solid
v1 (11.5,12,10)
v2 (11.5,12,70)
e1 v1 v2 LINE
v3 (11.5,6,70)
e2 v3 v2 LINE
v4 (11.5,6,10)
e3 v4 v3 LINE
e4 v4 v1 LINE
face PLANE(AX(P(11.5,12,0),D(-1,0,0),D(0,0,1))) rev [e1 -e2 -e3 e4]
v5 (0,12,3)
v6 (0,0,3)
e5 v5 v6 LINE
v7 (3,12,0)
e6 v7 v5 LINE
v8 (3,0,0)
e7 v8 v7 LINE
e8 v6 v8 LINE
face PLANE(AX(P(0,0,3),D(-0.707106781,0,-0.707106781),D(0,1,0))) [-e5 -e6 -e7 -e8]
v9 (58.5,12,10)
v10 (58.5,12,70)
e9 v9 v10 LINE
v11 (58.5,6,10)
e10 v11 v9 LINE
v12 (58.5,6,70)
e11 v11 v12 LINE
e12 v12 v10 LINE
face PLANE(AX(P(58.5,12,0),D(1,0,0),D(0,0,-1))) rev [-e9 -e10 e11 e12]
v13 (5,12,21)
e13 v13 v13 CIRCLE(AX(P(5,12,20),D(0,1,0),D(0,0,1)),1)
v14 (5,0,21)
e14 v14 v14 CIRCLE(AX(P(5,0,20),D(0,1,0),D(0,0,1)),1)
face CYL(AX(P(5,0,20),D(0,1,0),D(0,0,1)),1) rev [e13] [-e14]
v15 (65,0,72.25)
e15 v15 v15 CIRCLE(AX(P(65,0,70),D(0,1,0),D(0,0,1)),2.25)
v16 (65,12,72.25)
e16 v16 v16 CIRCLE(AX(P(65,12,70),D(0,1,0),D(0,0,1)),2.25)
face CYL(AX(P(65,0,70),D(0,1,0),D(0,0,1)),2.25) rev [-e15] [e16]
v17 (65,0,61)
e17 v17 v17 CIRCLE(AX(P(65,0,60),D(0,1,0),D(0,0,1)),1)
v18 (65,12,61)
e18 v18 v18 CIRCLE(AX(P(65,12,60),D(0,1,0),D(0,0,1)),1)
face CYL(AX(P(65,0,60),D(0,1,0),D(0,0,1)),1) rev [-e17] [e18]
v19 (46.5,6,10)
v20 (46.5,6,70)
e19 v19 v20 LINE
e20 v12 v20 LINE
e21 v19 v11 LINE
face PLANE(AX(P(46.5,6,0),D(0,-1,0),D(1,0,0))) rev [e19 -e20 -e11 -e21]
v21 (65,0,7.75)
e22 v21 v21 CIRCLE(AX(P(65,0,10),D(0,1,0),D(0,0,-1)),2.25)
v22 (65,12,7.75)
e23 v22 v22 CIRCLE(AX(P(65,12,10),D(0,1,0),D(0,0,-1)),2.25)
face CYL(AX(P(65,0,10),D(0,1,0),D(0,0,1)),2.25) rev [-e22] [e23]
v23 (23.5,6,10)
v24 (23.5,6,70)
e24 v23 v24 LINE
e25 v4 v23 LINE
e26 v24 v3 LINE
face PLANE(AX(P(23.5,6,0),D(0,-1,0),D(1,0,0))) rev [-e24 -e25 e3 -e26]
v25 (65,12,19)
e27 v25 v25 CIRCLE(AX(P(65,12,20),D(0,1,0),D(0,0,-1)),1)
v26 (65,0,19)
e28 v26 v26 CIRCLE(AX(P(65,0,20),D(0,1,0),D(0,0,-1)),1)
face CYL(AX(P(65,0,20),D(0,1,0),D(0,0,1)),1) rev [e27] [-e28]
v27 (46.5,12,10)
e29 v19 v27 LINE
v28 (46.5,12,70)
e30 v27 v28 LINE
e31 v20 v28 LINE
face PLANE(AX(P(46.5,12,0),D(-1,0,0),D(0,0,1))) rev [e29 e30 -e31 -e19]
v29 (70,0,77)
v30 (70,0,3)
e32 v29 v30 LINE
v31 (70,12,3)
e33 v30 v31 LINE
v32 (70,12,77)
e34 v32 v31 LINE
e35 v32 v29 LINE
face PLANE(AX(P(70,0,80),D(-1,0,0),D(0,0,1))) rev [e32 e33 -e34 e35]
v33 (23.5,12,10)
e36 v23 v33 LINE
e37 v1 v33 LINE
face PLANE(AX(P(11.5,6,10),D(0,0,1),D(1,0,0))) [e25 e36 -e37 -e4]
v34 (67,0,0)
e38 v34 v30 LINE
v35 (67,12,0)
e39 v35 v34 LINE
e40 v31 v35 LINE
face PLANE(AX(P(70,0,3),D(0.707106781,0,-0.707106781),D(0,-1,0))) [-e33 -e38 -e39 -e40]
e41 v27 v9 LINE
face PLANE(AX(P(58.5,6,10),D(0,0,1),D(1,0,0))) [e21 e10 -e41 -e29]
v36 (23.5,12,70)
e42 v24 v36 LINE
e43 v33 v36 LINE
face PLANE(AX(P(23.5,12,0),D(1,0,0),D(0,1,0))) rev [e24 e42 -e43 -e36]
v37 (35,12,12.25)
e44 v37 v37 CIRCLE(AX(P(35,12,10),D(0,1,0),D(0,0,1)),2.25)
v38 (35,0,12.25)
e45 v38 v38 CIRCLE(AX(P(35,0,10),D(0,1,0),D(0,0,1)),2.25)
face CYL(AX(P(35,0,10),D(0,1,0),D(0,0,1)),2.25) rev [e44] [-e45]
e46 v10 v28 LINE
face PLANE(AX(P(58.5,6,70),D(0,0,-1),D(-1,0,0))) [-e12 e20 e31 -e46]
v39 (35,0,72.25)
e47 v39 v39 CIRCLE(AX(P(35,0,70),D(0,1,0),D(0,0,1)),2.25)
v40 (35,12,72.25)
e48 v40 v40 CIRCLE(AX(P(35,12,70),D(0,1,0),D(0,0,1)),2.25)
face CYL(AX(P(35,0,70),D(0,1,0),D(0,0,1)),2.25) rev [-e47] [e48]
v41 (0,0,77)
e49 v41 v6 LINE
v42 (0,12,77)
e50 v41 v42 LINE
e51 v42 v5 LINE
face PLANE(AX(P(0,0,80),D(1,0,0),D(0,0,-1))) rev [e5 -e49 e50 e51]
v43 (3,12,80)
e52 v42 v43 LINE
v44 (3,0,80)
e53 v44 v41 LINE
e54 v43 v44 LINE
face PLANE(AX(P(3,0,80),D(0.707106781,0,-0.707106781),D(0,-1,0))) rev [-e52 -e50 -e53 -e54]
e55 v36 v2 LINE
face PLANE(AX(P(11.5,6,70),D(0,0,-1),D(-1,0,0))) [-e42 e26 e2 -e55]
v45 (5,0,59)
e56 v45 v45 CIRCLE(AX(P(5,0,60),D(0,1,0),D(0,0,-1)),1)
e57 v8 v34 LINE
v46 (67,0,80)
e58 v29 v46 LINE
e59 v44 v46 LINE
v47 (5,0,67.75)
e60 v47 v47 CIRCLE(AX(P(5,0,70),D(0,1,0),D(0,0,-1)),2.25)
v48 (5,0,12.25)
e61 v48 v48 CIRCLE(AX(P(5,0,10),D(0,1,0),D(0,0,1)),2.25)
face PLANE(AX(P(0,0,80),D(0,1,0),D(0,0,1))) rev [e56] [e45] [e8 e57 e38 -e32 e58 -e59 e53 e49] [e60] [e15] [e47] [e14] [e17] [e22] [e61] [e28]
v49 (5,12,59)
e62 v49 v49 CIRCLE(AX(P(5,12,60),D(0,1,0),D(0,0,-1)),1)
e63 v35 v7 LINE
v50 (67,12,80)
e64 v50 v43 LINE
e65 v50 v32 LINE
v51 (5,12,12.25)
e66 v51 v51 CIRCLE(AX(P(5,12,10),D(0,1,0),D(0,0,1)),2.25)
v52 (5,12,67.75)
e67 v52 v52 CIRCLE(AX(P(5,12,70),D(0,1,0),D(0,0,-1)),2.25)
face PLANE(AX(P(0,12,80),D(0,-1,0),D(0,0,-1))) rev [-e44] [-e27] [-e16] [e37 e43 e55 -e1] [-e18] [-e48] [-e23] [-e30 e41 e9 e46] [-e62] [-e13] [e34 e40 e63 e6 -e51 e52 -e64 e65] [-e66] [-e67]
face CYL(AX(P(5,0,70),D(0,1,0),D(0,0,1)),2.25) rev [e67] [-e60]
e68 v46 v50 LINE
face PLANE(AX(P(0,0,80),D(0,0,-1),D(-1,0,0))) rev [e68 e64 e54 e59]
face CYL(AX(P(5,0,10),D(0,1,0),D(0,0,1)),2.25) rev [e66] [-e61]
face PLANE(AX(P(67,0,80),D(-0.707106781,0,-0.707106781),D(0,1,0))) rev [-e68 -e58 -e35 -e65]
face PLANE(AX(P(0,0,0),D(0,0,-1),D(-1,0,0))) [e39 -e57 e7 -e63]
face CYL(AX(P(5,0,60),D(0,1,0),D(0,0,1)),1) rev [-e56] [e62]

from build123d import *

# Parameters (mm, degrees)
ESQUISSE1_W             = 70
ESQUISSE1_H             = 12
BOSS_EXTRU_1_DEPTH      = 80
ESQUISSE2_W             = 12
ESQUISSE2_H             = 6
ENL_V_MAT_EXTRU_1_DEPTH = 107.976632963
ESQUISSE4_R             = 2.25
ENL_V_MAT_EXTRU_3_DEPTH = 107.976632963
ESQUISSE5_W             = 12
ESQUISSE5_H             = 10
BOSS_EXTRU_2_DEPTH      = 6
CHANFREIN1_SIZE         = 3
ESQUISSE6_R             = 1
ENL_V_MAT_EXTRU_4_DEPTH = 12


with BuildPart() as part:
    # Esquisse1 → Boss.-Extru.1 (new body)
    with BuildSketch(Plane.XY):
        with Locations((35, 6)):
            Rectangle(ESQUISSE1_W, ESQUISSE1_H)
    extrude(amount=BOSS_EXTRU_1_DEPTH)

    # Esquisse2 → Enlèv. mat.-Extru.1 (cut, through all)
    with BuildSketch(Plane.XY.offset(80)):
        with Locations((52.5, 9)):
            Rectangle(ESQUISSE2_W, ESQUISSE2_H)
        with Locations((17.5, 9)):
            Rectangle(ESQUISSE2_W, ESQUISSE2_H)
    extrude(amount=-ENL_V_MAT_EXTRU_1_DEPTH, mode=Mode.SUBTRACT)

    # Esquisse4 → Enlèv. mat.-Extru.3 (cut, through all)
    with BuildSketch(Plane(origin=(0, 12, 0), x_dir=(1, 0, 0), z_dir=(0, 1, 0))):
        with Locations(Location((5, -10, 0), (0, 0, 270))):
            Circle(ESQUISSE4_R)
        with Locations(Location((65, -70, 0), (0, 0, 270))):
            Circle(ESQUISSE4_R)
        with Locations(Location((65, -10, 0), (0, 0, 90))):
            Circle(ESQUISSE4_R)
        with Locations(Location((5, -70, 0), (0, 0, 90))):
            Circle(ESQUISSE4_R)
        with Locations(Location((35, -10, 0), (0, 0, 270))):
            Circle(ESQUISSE4_R)
        with Locations(Location((35, -70, 0), (0, 0, 270))):
            Circle(ESQUISSE4_R)
    extrude(amount=-ENL_V_MAT_EXTRU_3_DEPTH, mode=Mode.SUBTRACT)

    # Esquisse5 → Boss.-Extru.2 (add)
    with BuildSketch(Plane(origin=(0, 12, 0), x_dir=(1, 0, 0), z_dir=(0, 1, 0))):
        with Locations((17.5, -75)):
            Rectangle(ESQUISSE5_W, ESQUISSE5_H)
        with Locations((52.5, -75)):
            Rectangle(ESQUISSE5_W, ESQUISSE5_H)
        with Locations((52.5, -5)):
            Rectangle(ESQUISSE5_W, ESQUISSE5_H)
        with Locations((17.5, -5)):
            Rectangle(ESQUISSE5_W, ESQUISSE5_H)
    extrude(amount=-BOSS_EXTRU_2_DEPTH)

    # Chanfrein1
    chanfrein1_edges = [part.edges().sort_by_distance(p)[0] for p in [
        (70, 6, 80),
        (0, 6, 80),
        (70, 6, 0),
        (0, 6, 0),
    ]]
    chamfer(chanfrein1_edges, length=CHANFREIN1_SIZE)

    # Esquisse6 → Enlèv. mat.-Extru.4 (cut)
    with BuildSketch(Plane(origin=(0, 12, 0), x_dir=(1, 0, 0), z_dir=(0, 1, 0))):
        with Locations(Location((5, -20, 0), (0, 0, 270))):
            Circle(ESQUISSE6_R)
        with Locations(Location((5, -60, 0), (0, 0, 90))):
            Circle(ESQUISSE6_R)
        with Locations(Location((65, -60, 0), (0, 0, 270))):
            Circle(ESQUISSE6_R)
        with Locations(Location((65, -20, 0), (0, 0, 90))):
            Circle(ESQUISSE6_R)
    extrude(amount=-ENL_V_MAT_EXTRU_4_DEPTH, mode=Mode.SUBTRACT)


solid = part.part
